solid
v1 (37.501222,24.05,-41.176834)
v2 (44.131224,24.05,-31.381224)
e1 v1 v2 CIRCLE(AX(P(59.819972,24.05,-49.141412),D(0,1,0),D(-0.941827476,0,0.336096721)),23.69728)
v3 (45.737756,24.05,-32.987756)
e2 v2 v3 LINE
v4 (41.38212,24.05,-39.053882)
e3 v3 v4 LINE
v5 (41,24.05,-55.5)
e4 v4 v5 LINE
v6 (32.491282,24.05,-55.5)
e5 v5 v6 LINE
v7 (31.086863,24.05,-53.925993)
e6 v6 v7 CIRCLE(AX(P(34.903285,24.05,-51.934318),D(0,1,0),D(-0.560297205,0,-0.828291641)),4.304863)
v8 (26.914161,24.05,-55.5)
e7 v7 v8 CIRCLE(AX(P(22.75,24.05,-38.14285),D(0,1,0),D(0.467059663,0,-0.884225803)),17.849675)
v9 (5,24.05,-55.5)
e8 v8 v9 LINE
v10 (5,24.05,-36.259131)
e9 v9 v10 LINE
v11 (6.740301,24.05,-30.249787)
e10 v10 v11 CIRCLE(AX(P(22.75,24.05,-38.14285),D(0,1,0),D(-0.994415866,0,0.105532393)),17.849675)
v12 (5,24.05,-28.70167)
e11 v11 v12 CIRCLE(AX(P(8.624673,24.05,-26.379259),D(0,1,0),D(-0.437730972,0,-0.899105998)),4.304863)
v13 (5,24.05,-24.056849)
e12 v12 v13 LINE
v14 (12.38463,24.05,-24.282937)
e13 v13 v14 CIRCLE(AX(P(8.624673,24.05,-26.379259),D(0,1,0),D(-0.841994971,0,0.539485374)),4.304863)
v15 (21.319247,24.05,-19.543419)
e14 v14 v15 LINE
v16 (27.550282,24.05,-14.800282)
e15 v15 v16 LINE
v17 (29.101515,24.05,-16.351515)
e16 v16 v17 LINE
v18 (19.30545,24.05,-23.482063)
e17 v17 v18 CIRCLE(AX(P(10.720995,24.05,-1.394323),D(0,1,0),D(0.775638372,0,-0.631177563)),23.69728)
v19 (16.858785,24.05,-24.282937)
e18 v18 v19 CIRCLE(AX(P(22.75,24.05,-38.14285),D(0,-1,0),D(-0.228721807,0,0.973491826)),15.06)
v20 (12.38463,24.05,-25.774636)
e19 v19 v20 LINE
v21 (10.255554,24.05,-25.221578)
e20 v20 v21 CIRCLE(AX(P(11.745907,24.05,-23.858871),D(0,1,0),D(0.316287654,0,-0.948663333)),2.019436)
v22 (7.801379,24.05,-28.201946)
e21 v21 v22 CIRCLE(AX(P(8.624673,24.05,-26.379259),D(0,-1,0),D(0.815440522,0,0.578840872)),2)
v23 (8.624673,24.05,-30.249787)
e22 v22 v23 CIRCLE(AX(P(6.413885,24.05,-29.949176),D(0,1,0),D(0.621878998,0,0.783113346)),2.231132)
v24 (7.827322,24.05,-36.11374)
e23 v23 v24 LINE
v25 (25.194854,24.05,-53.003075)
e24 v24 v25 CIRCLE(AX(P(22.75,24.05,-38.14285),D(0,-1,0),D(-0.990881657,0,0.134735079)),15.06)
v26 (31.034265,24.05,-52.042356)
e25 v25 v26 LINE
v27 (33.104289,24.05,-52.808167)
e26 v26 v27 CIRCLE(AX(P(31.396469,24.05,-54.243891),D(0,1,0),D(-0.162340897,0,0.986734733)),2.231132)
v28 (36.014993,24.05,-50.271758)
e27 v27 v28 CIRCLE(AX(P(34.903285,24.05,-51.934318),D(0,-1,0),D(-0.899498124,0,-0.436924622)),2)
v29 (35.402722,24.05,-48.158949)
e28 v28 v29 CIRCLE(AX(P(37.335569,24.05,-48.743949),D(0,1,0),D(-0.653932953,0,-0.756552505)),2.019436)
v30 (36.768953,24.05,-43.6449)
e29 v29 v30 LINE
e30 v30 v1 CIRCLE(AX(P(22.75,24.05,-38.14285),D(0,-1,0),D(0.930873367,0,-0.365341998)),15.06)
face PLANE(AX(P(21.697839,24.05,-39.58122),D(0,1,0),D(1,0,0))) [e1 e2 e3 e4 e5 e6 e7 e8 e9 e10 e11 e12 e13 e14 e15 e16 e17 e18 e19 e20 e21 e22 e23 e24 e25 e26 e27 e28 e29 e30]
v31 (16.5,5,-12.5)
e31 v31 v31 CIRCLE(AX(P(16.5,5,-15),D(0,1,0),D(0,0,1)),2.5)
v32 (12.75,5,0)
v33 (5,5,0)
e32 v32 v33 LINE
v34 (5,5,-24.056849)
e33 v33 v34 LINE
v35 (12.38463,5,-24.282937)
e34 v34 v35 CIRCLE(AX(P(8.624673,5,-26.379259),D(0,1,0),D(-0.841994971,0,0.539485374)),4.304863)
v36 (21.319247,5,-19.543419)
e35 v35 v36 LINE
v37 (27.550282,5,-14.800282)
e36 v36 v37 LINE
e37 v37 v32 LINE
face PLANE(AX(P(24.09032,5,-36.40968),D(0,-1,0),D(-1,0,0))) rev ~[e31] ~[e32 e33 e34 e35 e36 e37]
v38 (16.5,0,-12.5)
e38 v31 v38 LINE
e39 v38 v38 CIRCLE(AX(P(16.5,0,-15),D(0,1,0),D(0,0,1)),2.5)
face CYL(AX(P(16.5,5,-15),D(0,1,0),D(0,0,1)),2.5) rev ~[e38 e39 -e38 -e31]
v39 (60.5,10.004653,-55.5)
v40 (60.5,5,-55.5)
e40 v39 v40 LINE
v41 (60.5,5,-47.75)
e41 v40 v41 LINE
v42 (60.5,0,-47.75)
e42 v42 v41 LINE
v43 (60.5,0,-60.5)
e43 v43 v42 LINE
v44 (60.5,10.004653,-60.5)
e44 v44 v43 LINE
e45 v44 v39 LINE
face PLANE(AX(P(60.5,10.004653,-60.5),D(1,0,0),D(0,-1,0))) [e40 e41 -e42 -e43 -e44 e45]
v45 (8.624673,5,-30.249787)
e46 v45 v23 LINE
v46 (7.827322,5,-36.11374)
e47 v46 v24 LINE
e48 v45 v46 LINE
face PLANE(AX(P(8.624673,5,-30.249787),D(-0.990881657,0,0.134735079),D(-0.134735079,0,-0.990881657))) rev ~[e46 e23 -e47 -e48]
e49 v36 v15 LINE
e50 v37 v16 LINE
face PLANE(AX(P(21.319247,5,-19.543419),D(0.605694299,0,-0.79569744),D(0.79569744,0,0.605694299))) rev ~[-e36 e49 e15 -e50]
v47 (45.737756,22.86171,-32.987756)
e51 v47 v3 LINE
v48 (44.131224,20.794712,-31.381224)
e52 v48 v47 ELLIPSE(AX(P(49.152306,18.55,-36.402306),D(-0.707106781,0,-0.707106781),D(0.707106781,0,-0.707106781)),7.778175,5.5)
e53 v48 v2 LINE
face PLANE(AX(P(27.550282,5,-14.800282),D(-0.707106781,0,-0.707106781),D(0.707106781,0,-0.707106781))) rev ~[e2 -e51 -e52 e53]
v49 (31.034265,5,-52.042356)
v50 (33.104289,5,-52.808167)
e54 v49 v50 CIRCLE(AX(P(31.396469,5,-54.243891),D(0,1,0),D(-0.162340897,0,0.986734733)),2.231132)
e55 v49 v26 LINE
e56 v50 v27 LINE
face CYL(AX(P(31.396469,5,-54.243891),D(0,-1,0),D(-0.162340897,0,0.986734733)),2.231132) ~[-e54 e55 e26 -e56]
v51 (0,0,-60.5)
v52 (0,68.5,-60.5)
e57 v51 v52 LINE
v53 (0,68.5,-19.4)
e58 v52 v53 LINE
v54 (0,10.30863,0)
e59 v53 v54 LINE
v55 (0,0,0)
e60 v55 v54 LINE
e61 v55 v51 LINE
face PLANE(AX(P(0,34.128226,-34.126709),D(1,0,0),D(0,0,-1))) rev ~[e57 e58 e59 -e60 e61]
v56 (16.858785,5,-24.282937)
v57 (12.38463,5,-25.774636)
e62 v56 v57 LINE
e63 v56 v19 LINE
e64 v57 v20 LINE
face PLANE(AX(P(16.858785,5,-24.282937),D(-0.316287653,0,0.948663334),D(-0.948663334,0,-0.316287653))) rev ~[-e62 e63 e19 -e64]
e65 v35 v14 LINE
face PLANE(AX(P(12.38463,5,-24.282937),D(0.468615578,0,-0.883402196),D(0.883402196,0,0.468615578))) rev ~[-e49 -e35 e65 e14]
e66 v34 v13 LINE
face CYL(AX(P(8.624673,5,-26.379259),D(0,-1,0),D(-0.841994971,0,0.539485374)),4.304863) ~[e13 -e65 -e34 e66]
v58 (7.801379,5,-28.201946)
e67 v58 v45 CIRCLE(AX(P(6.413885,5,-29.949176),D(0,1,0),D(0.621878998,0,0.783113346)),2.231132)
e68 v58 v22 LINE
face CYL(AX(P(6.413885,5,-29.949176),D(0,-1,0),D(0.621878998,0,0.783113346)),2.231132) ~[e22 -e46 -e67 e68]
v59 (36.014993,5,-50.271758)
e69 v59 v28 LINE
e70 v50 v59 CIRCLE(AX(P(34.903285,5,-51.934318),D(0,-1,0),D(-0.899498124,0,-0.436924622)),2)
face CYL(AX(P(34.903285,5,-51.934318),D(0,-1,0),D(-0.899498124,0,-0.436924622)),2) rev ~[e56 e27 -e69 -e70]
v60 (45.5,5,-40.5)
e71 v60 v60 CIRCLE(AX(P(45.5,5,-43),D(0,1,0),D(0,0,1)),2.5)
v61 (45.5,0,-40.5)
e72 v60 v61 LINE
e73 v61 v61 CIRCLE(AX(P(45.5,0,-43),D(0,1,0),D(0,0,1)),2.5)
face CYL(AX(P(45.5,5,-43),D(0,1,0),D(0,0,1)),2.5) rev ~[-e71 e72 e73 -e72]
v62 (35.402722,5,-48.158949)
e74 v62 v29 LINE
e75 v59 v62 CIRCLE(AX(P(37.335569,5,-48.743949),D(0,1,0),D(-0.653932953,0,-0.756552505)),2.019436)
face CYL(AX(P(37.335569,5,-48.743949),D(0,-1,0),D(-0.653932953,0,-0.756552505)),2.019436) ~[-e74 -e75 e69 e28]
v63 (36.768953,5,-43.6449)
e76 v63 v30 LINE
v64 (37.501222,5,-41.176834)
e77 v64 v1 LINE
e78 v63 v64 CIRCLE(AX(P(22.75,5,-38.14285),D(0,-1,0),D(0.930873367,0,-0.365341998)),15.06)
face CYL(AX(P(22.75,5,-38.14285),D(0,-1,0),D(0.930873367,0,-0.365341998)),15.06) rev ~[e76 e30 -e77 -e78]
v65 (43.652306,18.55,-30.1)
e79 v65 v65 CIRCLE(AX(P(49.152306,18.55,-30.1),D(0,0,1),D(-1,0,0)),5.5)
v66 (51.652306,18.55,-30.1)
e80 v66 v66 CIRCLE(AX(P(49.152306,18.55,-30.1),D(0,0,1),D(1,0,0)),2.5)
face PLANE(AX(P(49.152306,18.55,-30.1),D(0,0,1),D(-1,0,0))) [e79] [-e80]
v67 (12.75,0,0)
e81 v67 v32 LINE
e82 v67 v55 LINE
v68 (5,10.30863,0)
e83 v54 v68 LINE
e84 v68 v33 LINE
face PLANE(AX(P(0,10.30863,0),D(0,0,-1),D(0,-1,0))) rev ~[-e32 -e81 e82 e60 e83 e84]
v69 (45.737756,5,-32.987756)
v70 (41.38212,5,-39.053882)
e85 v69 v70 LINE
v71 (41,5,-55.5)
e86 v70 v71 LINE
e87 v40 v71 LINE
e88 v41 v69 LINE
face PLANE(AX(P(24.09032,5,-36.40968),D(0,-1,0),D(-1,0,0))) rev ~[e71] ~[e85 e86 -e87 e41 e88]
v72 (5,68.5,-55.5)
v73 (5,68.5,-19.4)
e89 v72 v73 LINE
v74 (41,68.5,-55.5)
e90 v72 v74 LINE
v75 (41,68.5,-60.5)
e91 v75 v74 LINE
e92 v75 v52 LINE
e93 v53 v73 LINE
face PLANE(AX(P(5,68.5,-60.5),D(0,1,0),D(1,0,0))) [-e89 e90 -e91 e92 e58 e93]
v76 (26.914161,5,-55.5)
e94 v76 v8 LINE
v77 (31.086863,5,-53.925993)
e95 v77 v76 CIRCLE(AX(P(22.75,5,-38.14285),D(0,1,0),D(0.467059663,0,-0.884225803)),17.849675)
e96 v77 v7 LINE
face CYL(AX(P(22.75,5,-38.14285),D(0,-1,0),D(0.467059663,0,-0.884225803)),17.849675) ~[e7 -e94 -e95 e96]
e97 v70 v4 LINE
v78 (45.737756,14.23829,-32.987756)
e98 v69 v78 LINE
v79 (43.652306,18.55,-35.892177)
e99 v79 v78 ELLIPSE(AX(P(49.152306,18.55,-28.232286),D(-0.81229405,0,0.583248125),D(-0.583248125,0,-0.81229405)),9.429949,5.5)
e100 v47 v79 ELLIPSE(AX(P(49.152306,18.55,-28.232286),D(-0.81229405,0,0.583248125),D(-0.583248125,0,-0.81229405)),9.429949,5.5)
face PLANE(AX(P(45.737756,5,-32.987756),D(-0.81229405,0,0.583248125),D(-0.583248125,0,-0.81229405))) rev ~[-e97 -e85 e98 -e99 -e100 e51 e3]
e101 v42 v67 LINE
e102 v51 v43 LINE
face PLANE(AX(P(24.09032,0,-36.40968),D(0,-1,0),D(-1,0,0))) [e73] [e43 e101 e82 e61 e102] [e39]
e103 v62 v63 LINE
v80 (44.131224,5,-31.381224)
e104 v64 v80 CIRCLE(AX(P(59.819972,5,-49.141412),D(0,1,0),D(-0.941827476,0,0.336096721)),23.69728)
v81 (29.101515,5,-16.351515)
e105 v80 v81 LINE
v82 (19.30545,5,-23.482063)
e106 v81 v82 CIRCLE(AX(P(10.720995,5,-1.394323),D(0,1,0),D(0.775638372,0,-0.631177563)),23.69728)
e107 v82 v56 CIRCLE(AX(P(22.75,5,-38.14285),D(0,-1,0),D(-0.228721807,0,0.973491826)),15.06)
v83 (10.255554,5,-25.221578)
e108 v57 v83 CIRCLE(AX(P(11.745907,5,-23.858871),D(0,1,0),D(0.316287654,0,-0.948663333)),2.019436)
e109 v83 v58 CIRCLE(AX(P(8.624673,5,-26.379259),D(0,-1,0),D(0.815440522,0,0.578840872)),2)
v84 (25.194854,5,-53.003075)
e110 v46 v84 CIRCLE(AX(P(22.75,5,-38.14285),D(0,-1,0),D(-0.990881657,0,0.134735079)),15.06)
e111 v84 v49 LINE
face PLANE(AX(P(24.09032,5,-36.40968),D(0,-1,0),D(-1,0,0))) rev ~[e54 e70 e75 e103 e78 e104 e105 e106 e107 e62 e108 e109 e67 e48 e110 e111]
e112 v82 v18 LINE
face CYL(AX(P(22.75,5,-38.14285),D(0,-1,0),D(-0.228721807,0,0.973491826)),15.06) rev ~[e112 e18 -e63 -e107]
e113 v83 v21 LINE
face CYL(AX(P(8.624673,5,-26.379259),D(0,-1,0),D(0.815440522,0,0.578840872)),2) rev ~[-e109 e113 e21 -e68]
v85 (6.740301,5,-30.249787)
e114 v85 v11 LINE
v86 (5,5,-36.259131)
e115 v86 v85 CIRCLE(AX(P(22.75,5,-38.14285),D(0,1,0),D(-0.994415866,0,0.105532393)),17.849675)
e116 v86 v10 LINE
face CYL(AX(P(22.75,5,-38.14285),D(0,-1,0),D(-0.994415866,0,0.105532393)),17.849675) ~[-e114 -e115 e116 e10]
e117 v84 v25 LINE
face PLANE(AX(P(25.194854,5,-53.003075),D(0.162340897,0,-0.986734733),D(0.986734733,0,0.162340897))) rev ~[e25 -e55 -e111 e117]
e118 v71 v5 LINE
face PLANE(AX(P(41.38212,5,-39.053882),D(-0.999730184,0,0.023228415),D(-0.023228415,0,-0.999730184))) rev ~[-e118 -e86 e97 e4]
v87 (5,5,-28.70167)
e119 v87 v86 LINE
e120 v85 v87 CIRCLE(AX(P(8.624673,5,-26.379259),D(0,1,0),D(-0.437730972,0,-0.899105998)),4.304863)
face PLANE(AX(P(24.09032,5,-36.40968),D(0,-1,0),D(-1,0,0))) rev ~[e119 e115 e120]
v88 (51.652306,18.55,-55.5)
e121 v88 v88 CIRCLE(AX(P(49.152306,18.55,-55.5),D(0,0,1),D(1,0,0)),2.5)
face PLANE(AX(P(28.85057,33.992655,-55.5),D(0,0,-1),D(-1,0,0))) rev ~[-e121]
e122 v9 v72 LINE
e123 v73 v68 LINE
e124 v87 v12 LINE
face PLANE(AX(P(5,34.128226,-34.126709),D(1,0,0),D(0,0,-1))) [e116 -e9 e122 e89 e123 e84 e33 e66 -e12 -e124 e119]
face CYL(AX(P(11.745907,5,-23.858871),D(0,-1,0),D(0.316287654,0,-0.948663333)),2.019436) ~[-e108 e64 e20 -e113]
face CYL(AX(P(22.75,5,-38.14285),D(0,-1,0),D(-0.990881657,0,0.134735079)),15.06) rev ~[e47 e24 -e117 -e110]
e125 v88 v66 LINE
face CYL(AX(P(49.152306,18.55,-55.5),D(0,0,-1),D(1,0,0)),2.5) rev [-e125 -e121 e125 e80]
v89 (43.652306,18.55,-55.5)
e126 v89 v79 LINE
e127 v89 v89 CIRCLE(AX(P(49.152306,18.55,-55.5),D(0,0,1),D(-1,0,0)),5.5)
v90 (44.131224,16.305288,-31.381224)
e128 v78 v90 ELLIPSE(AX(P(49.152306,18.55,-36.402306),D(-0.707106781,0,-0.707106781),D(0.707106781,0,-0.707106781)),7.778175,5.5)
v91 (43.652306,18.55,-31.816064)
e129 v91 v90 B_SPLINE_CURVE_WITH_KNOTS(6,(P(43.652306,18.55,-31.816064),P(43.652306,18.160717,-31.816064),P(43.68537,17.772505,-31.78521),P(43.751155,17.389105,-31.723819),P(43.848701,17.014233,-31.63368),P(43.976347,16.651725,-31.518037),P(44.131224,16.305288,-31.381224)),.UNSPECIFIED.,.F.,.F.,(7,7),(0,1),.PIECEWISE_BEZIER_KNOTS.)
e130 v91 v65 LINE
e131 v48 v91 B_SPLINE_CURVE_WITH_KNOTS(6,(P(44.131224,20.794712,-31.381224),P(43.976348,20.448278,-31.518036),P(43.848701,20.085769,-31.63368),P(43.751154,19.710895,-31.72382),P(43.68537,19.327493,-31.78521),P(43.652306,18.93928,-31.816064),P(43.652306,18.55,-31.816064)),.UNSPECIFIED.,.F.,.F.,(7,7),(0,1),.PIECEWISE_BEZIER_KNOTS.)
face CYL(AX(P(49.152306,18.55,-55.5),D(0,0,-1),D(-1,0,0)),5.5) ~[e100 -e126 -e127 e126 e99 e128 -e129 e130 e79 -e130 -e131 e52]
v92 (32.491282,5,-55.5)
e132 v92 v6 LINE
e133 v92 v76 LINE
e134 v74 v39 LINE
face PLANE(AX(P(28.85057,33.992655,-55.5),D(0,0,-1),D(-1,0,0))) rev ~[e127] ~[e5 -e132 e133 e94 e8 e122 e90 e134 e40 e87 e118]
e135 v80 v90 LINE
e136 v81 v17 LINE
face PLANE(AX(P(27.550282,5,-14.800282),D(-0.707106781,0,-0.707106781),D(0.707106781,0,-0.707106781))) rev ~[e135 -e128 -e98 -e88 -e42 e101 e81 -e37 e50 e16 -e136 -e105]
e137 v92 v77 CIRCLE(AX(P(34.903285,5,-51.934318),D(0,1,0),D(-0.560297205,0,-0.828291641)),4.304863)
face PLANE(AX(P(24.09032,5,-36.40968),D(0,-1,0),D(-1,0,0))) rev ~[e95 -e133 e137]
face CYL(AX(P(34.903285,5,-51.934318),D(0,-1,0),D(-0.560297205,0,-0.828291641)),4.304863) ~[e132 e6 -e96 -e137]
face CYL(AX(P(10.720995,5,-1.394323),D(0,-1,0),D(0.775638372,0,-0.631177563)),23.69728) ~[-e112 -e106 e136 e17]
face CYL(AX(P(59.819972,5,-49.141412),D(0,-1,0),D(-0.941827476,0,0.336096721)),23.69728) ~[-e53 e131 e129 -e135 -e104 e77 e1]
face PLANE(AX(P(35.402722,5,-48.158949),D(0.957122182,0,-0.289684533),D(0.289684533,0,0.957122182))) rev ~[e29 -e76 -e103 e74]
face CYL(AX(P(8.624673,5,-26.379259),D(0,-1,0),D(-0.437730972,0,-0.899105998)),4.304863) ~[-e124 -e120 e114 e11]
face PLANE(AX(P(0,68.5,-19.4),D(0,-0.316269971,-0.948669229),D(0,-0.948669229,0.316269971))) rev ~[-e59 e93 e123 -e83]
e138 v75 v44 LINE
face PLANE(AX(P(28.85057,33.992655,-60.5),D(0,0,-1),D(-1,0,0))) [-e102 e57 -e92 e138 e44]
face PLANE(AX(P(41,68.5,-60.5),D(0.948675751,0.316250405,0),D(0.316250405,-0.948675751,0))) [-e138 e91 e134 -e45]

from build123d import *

# Parameters (mm, degrees)
BOSS_EXTRUDE1_DEPTH = 5
BOSS_EXTRUDE2_DEPTH = 5
BOSS_EXTRUDE3_DEPTH = 5
SKETCH6_R           = 2.5
CUT_EXTRUDE1_DEPTH  = 107.549284371
BOSS_EXTRUDE4_DEPTH = 19.05
SKETCH9_R           = 5.5
SKETCH9_R_2         = 2.5
BOSS_EXTRUDE5_DEPTH = 25.4


with BuildPart() as part:
    # Sketch1 → Boss-Extrude1 (new body)
    with BuildSketch(Plane(origin=(0, 0, 0), x_dir=(1, 0, 0), z_dir=(0, 1, 0))):
        Polygon((0, 0), (0, 60.5), (60.5, 60.5), (60.5, 47.75), (12.75, 0), align=None)
    extrude(amount=BOSS_EXTRUDE1_DEPTH)

    # Sketch4 → Boss-Extrude2 (add)
    with BuildSketch(Plane.ZY):
        Polygon((-60.5, 5), (-60.5, 68.5), (-19.4, 68.5), (0, 10.308629506), (0, 5), align=None)
    extrude(amount=-BOSS_EXTRUDE2_DEPTH)

    # Sketch5 → Boss-Extrude3 (add)
    with BuildSketch(Plane(origin=(0, 0, -60.5), x_dir=(-1, 0, 0), z_dir=(0, 0, -1))):
        Polygon((-5, 5), (-5, 68.5), (-41, 68.5), (-60.5, 10.004653177), (-60.5, 5), align=None)
    extrude(amount=-BOSS_EXTRUDE3_DEPTH)

    # Sketch6 → Cut-Extrude1 (cut, through all)
    with BuildSketch(Plane(origin=(0, 5, 0), x_dir=(1, 0, 0), z_dir=(0, 1, 0))):
        with Locations(Location((16.5, 15, 0), (0, 0, 270))):
            Circle(SKETCH6_R)
        with Locations(Location((45.5, 43, 0), (0, 0, 270))):
            Circle(SKETCH6_R)
    extrude(amount=-CUT_EXTRUDE1_DEPTH, mode=Mode.SUBTRACT)

    # Sketch7 → Boss-Extrude4 (add)
    with BuildSketch(Plane(origin=(0, 5, 0), x_dir=(1, 0, 0), z_dir=(0, 1, 0))):
        with BuildLine():
            Line((21.319247217, 19.543418849), (27.55028172, 14.80028172))
            Line((27.55028172, 14.80028172), (29.101515101, 16.351515101))
            ThreePointArc((29.101515101, 16.351515101), (24.666913521, 20.553458517), (19.305449591, 23.482062993))
            ThreePointArc((19.305449591, 23.482062993), (18.064972723, 23.830124106), (16.858784616, 24.282937146))
            Line((16.858784616, 24.282937146), (12.384629863, 25.774635894))
            ThreePointArc((12.384629863, 25.774635894), (11.23817984, 25.813438697), (10.255553875, 25.221577628))
            ThreePointArc((10.255553875, 25.221577628), (7.080749695, 25.107920962), (7.801379157, 28.201946269))
            ThreePointArc((7.801379157, 28.201946269), (8.483986824, 29.116932404), (8.624672831, 30.249787338))
            Line((8.624672831, 30.249787338), (7.827322243, 36.113739602))
            ThreePointArc((7.827322243, 36.113739602), (12.250646005, 48.939477405), (25.194853904, 53.00307497))
            Line((25.194853904, 53.00307497), (31.034265028, 52.042355532))
            ThreePointArc((31.034265028, 52.042355532), (32.170605503, 52.151365529), (33.104288638, 52.808167369))
            ThreePointArc((33.104288638, 52.808167369), (36.217223203, 53.44215303), (36.014993038, 50.271758357))
            ThreePointArc((36.014993038, 50.271758357), (35.395934706, 49.306035781), (35.402721719, 48.158949364))
            Line((35.402721719, 48.158949364), (36.768952902, 43.644900376))
            ThreePointArc((36.768952902, 43.644900376), (37.18792138, 42.426542952), (37.501221649, 41.17683405))
            ThreePointArc((37.501221649, 41.17683405), (40.195217667, 35.858711581), (44.131223781, 31.381223781))
            Line((44.131223781, 31.381223781), (45.737755925, 32.987755925))
            Line((45.737755925, 32.987755925), (41.382120343, 39.053882356))
            Line((41.382120343, 39.053882356), (41, 55.5))
            Line((41, 55.5), (32.491282289, 55.5))
            ThreePointArc((32.491282289, 55.5), (31.691168489, 54.800352321), (31.086863185, 53.925993089))
            ThreePointArc((31.086863185, 53.925993089), (29.049863177, 54.843826537), (26.91416103, 55.5))
            Line((26.91416103, 55.5), (5, 55.5))
            Line((5, 55.5), (5, 36.259130968))
            ThreePointArc((5, 36.259130968), (5.604814931, 33.17761818), (6.740301049, 30.249787338))
            ThreePointArc((6.740301049, 30.249787338), (5.763456299, 29.595667883), (5, 28.701669892))
            Line((5, 28.701669892), (5, 24.05684885))
            ThreePointArc((5, 24.05684885), (8.756409057, 22.076412717), (12.384629863, 24.282937146))
            Line((12.384629863, 24.282937146), (21.319247217, 19.543418849))
        make_face()
    extrude(amount=BOSS_EXTRUDE4_DEPTH)

    # Sketch9 → Boss-Extrude5 (add)
    with BuildSketch(Plane.XY.offset(-55.5)):
        with Locations(Location((49.152306284, 18.55, 0), (0, 0, 180))):
            Circle(SKETCH9_R)
        with Locations((49.152306284, 18.55)):
            Circle(SKETCH9_R_2, mode=Mode.SUBTRACT)
    extrude(amount=BOSS_EXTRUDE5_DEPTH)


solid = part.part
